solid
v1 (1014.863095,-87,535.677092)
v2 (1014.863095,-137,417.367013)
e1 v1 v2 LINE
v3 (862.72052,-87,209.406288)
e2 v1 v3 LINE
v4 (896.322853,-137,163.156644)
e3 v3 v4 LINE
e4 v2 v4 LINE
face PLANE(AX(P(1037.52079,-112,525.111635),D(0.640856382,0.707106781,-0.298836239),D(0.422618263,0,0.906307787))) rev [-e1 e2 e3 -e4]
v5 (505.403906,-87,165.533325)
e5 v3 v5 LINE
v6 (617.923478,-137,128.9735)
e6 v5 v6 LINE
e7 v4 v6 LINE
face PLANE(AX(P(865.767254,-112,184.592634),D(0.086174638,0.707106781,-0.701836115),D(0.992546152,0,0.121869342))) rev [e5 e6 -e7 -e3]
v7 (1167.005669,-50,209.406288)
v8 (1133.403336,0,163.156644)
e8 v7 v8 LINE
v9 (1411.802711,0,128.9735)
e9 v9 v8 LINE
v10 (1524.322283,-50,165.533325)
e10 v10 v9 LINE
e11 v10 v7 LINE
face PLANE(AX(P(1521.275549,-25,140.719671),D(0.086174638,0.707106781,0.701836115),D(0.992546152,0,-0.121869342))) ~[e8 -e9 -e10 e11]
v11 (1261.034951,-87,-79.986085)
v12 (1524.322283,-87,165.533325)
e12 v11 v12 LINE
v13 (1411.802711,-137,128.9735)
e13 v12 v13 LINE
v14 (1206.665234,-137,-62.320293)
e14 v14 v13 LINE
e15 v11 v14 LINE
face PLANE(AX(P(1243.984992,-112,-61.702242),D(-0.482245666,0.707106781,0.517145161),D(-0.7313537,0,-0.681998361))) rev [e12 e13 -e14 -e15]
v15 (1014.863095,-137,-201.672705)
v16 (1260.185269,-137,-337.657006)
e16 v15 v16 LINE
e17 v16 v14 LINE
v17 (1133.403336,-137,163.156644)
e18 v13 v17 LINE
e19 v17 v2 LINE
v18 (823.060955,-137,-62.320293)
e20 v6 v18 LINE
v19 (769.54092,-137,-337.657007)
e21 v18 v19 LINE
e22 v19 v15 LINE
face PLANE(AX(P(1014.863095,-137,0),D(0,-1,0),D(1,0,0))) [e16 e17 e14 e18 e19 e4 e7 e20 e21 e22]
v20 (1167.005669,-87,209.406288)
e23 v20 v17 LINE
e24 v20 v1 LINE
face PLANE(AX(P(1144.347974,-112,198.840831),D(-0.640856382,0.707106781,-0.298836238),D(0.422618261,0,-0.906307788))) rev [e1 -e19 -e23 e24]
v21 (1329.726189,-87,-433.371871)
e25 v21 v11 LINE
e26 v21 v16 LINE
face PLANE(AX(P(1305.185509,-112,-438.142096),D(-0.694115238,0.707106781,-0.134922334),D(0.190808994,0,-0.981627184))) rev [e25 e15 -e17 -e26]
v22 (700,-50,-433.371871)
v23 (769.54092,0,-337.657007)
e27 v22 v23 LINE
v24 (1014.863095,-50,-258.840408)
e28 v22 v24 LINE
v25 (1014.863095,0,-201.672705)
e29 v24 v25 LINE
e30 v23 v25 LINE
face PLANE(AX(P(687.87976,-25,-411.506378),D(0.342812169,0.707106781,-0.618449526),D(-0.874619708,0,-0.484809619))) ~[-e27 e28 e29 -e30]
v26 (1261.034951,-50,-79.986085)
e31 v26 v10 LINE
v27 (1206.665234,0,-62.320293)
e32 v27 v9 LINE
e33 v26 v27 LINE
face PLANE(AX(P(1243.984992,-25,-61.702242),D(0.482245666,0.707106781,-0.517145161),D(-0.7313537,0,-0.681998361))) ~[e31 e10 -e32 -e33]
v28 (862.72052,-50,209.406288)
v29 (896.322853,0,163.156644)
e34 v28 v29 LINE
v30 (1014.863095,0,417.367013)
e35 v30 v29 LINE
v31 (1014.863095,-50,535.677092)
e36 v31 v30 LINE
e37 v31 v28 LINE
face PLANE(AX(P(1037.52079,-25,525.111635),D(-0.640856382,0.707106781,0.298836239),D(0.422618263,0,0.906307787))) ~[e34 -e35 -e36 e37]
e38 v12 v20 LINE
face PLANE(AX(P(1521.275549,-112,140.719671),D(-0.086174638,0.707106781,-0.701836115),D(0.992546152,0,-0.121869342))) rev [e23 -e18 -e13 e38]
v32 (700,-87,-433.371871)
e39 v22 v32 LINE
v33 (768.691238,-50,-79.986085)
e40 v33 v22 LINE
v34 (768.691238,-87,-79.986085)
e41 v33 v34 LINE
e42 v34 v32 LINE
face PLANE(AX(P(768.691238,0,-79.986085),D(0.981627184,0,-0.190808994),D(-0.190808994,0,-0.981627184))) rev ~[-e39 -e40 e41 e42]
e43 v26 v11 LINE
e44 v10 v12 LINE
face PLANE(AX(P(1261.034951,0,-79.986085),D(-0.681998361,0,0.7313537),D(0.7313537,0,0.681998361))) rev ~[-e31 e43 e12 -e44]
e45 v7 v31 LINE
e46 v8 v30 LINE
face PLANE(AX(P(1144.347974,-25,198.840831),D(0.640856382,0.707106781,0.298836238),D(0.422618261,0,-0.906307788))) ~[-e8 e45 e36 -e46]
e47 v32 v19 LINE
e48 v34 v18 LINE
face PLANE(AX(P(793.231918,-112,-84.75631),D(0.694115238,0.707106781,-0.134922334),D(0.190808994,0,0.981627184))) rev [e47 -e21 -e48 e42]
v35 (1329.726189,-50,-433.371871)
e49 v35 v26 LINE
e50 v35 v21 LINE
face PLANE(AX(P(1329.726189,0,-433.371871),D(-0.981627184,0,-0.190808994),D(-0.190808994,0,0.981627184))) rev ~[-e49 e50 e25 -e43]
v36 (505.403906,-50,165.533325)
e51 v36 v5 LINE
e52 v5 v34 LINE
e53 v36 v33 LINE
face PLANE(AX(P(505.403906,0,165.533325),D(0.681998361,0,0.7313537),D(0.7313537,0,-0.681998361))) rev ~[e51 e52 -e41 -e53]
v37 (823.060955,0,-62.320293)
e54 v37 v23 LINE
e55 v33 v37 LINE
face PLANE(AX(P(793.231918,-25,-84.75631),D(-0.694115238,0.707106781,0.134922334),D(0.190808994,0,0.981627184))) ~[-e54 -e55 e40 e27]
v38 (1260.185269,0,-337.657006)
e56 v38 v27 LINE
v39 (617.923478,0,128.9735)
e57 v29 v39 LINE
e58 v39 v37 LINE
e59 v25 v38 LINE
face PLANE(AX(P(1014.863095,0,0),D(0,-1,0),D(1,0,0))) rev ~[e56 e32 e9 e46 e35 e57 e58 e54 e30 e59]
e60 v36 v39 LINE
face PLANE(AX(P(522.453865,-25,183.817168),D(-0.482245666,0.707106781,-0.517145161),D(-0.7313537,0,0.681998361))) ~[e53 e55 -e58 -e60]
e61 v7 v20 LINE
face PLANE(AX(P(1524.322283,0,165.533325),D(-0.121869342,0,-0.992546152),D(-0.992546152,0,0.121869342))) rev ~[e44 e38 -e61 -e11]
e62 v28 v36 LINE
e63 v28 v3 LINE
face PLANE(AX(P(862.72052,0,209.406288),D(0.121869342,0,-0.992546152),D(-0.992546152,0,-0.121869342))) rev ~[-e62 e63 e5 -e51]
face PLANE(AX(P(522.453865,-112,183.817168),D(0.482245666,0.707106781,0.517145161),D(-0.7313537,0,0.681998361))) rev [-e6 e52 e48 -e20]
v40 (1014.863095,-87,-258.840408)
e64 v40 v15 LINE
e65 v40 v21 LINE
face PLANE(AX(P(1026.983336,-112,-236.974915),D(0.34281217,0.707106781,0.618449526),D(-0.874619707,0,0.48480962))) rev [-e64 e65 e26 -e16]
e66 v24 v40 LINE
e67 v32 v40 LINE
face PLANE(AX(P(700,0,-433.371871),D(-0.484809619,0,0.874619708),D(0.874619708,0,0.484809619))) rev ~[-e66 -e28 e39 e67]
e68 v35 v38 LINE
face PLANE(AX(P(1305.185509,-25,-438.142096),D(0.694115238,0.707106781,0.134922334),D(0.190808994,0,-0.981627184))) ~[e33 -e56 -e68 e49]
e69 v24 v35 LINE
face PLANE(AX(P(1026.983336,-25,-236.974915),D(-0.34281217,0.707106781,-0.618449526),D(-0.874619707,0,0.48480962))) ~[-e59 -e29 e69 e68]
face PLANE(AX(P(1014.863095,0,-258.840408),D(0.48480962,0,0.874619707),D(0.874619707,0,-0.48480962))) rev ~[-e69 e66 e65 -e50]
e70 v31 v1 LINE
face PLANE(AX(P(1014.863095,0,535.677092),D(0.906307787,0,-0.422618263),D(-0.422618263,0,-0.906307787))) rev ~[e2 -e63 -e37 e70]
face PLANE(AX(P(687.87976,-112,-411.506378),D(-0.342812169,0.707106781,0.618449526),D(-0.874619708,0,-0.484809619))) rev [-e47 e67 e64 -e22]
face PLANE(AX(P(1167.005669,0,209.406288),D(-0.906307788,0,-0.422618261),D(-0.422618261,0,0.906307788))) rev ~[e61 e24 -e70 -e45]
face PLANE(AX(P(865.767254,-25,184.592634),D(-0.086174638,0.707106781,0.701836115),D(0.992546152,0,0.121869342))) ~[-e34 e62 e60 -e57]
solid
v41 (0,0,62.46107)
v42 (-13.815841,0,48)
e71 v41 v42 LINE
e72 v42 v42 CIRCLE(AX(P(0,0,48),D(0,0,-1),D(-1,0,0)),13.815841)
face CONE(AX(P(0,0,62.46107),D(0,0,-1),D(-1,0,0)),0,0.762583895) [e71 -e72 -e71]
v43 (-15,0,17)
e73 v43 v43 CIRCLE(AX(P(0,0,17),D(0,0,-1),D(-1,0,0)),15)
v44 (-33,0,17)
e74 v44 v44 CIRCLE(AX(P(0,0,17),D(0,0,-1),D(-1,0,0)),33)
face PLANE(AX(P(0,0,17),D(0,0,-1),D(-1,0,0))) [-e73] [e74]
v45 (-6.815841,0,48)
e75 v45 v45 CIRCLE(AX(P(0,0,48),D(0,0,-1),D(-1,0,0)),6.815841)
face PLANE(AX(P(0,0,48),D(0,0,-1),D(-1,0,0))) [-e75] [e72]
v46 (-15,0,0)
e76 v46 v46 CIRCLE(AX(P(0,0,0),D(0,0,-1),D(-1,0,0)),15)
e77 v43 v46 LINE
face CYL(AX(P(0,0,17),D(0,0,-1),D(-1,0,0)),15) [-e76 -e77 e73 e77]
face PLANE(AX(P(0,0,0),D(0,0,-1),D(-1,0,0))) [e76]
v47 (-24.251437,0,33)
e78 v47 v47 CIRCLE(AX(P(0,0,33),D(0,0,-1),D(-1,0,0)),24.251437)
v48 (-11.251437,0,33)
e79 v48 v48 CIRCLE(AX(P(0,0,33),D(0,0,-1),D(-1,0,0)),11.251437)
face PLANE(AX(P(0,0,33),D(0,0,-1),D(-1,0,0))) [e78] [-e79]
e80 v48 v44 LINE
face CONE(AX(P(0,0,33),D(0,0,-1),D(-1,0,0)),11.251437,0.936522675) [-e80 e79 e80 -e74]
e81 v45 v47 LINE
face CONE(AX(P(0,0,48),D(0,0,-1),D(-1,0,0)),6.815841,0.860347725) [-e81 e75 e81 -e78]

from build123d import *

# Parameters (mm, degrees)
F3_DEPTH = 137
F4_SIZE  = 50


with BuildPart() as f1:
    # F0 (on Front) → F1 (revolve)
    with BuildSketch(Plane.XZ):
        Polygon((-15, 0), (0, 0), (0, 62.46107), (-13.815841, 48), (-6.815841, 48), (-24.251437, 33), (-11.251437, 33), (-33, 17), (-15, 17), align=None)
    revolve(axis=Axis((0, 0, 31.230535), (0, 0, -1)))


with BuildPart() as f3:
    # F2 (on Front) → F3 (new body)
    with BuildSketch(Plane.XZ):
        Polygon((1167.005669, 209.406288), (1014.863095, 535.677092), (862.72052, 209.406288), (505.403906, 165.533325), (768.691238, -79.986085), (700, -433.371871), (1014.863095, -258.840408), (1329.726189, -433.371871), (1261.034951, -79.986085), (1524.322283, 165.533325), align=None)
    extrude(amount=F3_DEPTH)

    # F4
    f4_edges = [f3.edges().sort_by_distance(p)[0] for p in [
        (684.062213, -137, 187.469807),
        (684.062213, 0, 187.469807),
        (938.791807, -137, 372.54169),
        (938.791807, 0, 372.54169),
        (1345.663976, -137, 187.469807),
        (1345.663976, 0, 187.469807),
        (734.345619, -137, -256.678978),
        (734.345619, 0, -256.678978),
        (637.047572, -137, 42.77362),
        (637.047572, 0, 42.77362),
        (857.431547, -137, -346.106139),
        (1172.294642, -137, -346.106139),
        (1295.38057, -137, -256.678978),
        (1392.678617, -137, 42.77362),
        (1090.934382, -137, 372.54169),
        (1090.934382, 0, 372.54169),
        (1392.678617, 0, 42.77362),
        (1295.38057, 0, -256.678978),
        (857.431547, 0, -346.106139),
        (1172.294642, 0, -346.106139),
    ]]
    chamfer(f4_edges, length=F4_SIZE)


solid = Compound([f1.part, f3.part])
